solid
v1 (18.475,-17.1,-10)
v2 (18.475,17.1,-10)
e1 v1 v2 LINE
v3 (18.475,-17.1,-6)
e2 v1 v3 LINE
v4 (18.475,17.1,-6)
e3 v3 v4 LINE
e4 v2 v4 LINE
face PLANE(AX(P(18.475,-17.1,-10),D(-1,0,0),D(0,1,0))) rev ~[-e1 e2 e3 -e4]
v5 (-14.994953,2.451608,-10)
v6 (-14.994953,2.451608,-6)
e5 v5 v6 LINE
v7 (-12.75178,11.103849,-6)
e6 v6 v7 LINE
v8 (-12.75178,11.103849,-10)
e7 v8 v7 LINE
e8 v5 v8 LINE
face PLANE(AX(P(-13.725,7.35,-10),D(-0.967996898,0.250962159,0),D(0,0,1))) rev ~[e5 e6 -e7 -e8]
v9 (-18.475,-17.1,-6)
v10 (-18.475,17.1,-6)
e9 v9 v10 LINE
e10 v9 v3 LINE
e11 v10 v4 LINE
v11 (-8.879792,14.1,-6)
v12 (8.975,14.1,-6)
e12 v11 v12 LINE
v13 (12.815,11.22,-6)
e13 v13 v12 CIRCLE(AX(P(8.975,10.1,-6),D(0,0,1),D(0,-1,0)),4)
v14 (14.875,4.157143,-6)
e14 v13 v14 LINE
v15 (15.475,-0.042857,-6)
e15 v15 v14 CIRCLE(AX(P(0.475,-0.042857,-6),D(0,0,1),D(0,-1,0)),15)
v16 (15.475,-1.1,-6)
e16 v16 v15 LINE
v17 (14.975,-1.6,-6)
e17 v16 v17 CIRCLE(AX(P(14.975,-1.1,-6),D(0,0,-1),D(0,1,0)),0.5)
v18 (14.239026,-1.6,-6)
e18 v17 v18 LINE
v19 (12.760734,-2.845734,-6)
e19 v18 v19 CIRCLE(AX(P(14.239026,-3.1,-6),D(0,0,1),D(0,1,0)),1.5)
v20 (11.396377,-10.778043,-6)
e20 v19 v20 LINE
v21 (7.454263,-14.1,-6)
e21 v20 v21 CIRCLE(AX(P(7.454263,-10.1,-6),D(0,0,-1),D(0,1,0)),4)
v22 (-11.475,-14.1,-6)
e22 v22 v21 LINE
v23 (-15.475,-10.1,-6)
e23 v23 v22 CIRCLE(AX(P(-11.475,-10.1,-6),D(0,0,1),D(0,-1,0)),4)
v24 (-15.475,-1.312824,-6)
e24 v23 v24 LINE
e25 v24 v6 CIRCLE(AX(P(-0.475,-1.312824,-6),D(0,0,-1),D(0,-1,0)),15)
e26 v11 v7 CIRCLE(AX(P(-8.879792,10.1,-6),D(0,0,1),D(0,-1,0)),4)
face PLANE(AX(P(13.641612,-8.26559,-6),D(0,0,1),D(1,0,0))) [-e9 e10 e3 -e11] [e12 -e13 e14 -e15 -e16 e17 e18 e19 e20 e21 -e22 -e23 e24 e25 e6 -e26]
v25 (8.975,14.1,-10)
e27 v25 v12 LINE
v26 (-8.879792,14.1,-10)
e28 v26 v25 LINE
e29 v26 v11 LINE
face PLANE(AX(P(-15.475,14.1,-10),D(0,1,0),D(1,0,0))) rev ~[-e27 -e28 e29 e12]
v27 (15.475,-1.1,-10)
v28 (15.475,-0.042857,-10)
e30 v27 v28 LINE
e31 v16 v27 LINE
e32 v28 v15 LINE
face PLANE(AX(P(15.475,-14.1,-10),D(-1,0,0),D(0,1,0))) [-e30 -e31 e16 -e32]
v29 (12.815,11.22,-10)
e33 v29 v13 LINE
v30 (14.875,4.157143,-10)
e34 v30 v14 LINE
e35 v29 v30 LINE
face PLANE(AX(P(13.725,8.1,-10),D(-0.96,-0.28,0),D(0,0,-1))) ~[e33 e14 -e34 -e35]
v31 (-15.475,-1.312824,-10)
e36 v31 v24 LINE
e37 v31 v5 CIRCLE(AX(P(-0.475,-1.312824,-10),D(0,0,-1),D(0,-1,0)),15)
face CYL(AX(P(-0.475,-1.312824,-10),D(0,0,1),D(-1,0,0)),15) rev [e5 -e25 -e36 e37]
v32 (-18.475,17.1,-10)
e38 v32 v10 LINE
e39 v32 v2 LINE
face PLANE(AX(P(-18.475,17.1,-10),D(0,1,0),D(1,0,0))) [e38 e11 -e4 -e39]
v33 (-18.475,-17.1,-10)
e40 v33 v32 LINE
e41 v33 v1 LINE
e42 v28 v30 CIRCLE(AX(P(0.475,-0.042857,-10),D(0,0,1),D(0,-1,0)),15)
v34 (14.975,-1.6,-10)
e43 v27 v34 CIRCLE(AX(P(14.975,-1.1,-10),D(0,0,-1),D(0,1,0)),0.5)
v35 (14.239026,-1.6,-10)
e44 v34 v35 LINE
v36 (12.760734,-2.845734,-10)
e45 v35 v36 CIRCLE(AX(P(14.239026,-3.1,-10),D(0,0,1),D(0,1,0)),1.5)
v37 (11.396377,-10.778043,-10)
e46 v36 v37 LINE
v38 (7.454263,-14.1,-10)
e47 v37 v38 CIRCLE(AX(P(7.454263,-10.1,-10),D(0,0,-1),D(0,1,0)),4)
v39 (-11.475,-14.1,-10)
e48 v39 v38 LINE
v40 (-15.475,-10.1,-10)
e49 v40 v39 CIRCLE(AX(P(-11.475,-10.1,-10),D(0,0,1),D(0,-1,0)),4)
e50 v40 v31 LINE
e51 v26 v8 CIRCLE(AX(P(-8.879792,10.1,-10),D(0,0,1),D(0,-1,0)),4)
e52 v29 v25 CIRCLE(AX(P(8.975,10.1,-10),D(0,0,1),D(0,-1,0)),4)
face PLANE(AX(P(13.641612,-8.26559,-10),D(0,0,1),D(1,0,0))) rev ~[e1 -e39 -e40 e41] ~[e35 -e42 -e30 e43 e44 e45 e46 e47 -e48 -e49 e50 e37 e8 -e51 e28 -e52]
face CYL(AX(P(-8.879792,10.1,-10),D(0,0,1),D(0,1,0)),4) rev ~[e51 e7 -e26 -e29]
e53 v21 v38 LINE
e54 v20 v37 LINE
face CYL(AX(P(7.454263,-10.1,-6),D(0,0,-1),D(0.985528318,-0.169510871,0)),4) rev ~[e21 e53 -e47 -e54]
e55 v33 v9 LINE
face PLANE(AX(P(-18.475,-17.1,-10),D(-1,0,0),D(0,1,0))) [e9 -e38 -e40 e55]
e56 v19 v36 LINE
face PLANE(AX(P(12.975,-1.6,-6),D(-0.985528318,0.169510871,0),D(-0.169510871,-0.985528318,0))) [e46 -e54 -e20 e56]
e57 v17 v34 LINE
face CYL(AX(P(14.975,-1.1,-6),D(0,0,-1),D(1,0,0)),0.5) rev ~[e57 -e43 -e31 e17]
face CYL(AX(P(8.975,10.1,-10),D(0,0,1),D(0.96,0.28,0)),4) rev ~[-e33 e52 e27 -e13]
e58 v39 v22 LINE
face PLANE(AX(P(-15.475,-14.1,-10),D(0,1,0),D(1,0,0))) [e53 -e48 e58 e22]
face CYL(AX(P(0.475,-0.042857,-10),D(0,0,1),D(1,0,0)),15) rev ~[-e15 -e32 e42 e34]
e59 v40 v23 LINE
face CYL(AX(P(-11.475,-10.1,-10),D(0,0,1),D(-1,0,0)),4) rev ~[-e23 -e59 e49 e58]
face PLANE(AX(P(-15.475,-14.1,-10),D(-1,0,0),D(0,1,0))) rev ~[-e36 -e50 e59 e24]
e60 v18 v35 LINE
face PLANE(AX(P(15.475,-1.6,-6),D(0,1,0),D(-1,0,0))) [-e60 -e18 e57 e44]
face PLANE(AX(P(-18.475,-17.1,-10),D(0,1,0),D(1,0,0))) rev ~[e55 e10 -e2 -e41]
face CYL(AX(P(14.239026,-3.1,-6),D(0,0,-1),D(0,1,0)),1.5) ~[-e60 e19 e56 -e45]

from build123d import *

# Parameters (mm, degrees)
SKETCH_W         = 36.95
SKETCH_H         = 34.2
SKETCH_W_2       = 30.95
SKETCH_H_2       = 28.2
PAD_DEPTH        = 4
CHAMFER_SIZE2    = 3.5
CHAMFER_SIZE     = 13.5
FILLET_R         = 4
CHAMFER001_SIZE2 = 12
CHAMFER001_SIZE  = 3.5
PAD001_DEPTH     = 4
FILLET001_R      = 1.5
FILLET002_R      = 4
FILLET003_R      = 15
FILLET004_R      = 0.5


with BuildPart() as part:
    # Sketch → Pad (new body)
    with BuildSketch(Plane.XY):
        Rectangle(SKETCH_W, SKETCH_H)
        Rectangle(SKETCH_W_2, SKETCH_H_2, mode=Mode.SUBTRACT)
    extrude(amount=PAD_DEPTH)

    # Chamfer
    chamfer_edges = [part.edges().sort_by_distance(p)[0] for p in [
        (-15.475, 14.1, 2),
    ]]
    chamfer_side = part.faces().sort_by_distance((-15.475, 0, 2))[0]
    chamfer(chamfer_edges, length=CHAMFER_SIZE, length2=CHAMFER_SIZE2, reference=chamfer_side)

    # Fillet
    fillet_edges = [part.edges().sort_by_distance(p)[0] for p in [
        (-15.475, -14.1, 2),
    ]]
    fillet(fillet_edges, radius=FILLET_R)

    # Chamfer001
    chamfer001_edges = [part.edges().sort_by_distance(p)[0] for p in [
        (15.475, 14.1, 2),
    ]]
    chamfer001_side = part.faces().sort_by_distance((1.75, 14.1, 2))[0]
    chamfer(chamfer001_edges, length=CHAMFER001_SIZE, length2=CHAMFER001_SIZE2, reference=chamfer001_side)

    # Sketch001 (on Face13 of Chamfer001) → Pad001 (join)
    with BuildSketch(Plane.XY.offset(4)):
        Polygon((10.825, -14.1), (15.475, -14.1), (15.475, -1.6), (12.975, -1.6), align=None)
    extrude(amount=-PAD001_DEPTH)

    # Fillet001
    fillet001_edges = [part.edges().sort_by_distance(p)[0] for p in [
        (12.975, -1.6, 2),
    ]]
    fillet(fillet001_edges, radius=FILLET001_R)

    # Fillet002
    fillet002_edges = [part.edges().sort_by_distance(p)[0] for p in [
        (-11.975, 14.1, 2),
        (11.975, 14.1, 2),
        (10.825, -14.1, 2),
    ]]
    fillet(fillet002_edges, radius=FILLET002_R)

    # Fillet003
    fillet003_edges = [part.edges().sort_by_distance(p)[0] for p in [
        (-15.475, 0.6, 2),
        (15.475, 2.1, 2),
    ]]
    fillet(fillet003_edges, radius=FILLET003_R)

    # Fillet004
    fillet004_edges = [part.edges().sort_by_distance(p)[0] for p in [
        (15.475, -1.6, 2),
    ]]
    fillet(fillet004_edges, radius=FILLET004_R)


with BuildPart() as part_1:
    # Body placement: moved
    add(part.part.moved(Location((0, 0, -10))))


solid = part_1.part
